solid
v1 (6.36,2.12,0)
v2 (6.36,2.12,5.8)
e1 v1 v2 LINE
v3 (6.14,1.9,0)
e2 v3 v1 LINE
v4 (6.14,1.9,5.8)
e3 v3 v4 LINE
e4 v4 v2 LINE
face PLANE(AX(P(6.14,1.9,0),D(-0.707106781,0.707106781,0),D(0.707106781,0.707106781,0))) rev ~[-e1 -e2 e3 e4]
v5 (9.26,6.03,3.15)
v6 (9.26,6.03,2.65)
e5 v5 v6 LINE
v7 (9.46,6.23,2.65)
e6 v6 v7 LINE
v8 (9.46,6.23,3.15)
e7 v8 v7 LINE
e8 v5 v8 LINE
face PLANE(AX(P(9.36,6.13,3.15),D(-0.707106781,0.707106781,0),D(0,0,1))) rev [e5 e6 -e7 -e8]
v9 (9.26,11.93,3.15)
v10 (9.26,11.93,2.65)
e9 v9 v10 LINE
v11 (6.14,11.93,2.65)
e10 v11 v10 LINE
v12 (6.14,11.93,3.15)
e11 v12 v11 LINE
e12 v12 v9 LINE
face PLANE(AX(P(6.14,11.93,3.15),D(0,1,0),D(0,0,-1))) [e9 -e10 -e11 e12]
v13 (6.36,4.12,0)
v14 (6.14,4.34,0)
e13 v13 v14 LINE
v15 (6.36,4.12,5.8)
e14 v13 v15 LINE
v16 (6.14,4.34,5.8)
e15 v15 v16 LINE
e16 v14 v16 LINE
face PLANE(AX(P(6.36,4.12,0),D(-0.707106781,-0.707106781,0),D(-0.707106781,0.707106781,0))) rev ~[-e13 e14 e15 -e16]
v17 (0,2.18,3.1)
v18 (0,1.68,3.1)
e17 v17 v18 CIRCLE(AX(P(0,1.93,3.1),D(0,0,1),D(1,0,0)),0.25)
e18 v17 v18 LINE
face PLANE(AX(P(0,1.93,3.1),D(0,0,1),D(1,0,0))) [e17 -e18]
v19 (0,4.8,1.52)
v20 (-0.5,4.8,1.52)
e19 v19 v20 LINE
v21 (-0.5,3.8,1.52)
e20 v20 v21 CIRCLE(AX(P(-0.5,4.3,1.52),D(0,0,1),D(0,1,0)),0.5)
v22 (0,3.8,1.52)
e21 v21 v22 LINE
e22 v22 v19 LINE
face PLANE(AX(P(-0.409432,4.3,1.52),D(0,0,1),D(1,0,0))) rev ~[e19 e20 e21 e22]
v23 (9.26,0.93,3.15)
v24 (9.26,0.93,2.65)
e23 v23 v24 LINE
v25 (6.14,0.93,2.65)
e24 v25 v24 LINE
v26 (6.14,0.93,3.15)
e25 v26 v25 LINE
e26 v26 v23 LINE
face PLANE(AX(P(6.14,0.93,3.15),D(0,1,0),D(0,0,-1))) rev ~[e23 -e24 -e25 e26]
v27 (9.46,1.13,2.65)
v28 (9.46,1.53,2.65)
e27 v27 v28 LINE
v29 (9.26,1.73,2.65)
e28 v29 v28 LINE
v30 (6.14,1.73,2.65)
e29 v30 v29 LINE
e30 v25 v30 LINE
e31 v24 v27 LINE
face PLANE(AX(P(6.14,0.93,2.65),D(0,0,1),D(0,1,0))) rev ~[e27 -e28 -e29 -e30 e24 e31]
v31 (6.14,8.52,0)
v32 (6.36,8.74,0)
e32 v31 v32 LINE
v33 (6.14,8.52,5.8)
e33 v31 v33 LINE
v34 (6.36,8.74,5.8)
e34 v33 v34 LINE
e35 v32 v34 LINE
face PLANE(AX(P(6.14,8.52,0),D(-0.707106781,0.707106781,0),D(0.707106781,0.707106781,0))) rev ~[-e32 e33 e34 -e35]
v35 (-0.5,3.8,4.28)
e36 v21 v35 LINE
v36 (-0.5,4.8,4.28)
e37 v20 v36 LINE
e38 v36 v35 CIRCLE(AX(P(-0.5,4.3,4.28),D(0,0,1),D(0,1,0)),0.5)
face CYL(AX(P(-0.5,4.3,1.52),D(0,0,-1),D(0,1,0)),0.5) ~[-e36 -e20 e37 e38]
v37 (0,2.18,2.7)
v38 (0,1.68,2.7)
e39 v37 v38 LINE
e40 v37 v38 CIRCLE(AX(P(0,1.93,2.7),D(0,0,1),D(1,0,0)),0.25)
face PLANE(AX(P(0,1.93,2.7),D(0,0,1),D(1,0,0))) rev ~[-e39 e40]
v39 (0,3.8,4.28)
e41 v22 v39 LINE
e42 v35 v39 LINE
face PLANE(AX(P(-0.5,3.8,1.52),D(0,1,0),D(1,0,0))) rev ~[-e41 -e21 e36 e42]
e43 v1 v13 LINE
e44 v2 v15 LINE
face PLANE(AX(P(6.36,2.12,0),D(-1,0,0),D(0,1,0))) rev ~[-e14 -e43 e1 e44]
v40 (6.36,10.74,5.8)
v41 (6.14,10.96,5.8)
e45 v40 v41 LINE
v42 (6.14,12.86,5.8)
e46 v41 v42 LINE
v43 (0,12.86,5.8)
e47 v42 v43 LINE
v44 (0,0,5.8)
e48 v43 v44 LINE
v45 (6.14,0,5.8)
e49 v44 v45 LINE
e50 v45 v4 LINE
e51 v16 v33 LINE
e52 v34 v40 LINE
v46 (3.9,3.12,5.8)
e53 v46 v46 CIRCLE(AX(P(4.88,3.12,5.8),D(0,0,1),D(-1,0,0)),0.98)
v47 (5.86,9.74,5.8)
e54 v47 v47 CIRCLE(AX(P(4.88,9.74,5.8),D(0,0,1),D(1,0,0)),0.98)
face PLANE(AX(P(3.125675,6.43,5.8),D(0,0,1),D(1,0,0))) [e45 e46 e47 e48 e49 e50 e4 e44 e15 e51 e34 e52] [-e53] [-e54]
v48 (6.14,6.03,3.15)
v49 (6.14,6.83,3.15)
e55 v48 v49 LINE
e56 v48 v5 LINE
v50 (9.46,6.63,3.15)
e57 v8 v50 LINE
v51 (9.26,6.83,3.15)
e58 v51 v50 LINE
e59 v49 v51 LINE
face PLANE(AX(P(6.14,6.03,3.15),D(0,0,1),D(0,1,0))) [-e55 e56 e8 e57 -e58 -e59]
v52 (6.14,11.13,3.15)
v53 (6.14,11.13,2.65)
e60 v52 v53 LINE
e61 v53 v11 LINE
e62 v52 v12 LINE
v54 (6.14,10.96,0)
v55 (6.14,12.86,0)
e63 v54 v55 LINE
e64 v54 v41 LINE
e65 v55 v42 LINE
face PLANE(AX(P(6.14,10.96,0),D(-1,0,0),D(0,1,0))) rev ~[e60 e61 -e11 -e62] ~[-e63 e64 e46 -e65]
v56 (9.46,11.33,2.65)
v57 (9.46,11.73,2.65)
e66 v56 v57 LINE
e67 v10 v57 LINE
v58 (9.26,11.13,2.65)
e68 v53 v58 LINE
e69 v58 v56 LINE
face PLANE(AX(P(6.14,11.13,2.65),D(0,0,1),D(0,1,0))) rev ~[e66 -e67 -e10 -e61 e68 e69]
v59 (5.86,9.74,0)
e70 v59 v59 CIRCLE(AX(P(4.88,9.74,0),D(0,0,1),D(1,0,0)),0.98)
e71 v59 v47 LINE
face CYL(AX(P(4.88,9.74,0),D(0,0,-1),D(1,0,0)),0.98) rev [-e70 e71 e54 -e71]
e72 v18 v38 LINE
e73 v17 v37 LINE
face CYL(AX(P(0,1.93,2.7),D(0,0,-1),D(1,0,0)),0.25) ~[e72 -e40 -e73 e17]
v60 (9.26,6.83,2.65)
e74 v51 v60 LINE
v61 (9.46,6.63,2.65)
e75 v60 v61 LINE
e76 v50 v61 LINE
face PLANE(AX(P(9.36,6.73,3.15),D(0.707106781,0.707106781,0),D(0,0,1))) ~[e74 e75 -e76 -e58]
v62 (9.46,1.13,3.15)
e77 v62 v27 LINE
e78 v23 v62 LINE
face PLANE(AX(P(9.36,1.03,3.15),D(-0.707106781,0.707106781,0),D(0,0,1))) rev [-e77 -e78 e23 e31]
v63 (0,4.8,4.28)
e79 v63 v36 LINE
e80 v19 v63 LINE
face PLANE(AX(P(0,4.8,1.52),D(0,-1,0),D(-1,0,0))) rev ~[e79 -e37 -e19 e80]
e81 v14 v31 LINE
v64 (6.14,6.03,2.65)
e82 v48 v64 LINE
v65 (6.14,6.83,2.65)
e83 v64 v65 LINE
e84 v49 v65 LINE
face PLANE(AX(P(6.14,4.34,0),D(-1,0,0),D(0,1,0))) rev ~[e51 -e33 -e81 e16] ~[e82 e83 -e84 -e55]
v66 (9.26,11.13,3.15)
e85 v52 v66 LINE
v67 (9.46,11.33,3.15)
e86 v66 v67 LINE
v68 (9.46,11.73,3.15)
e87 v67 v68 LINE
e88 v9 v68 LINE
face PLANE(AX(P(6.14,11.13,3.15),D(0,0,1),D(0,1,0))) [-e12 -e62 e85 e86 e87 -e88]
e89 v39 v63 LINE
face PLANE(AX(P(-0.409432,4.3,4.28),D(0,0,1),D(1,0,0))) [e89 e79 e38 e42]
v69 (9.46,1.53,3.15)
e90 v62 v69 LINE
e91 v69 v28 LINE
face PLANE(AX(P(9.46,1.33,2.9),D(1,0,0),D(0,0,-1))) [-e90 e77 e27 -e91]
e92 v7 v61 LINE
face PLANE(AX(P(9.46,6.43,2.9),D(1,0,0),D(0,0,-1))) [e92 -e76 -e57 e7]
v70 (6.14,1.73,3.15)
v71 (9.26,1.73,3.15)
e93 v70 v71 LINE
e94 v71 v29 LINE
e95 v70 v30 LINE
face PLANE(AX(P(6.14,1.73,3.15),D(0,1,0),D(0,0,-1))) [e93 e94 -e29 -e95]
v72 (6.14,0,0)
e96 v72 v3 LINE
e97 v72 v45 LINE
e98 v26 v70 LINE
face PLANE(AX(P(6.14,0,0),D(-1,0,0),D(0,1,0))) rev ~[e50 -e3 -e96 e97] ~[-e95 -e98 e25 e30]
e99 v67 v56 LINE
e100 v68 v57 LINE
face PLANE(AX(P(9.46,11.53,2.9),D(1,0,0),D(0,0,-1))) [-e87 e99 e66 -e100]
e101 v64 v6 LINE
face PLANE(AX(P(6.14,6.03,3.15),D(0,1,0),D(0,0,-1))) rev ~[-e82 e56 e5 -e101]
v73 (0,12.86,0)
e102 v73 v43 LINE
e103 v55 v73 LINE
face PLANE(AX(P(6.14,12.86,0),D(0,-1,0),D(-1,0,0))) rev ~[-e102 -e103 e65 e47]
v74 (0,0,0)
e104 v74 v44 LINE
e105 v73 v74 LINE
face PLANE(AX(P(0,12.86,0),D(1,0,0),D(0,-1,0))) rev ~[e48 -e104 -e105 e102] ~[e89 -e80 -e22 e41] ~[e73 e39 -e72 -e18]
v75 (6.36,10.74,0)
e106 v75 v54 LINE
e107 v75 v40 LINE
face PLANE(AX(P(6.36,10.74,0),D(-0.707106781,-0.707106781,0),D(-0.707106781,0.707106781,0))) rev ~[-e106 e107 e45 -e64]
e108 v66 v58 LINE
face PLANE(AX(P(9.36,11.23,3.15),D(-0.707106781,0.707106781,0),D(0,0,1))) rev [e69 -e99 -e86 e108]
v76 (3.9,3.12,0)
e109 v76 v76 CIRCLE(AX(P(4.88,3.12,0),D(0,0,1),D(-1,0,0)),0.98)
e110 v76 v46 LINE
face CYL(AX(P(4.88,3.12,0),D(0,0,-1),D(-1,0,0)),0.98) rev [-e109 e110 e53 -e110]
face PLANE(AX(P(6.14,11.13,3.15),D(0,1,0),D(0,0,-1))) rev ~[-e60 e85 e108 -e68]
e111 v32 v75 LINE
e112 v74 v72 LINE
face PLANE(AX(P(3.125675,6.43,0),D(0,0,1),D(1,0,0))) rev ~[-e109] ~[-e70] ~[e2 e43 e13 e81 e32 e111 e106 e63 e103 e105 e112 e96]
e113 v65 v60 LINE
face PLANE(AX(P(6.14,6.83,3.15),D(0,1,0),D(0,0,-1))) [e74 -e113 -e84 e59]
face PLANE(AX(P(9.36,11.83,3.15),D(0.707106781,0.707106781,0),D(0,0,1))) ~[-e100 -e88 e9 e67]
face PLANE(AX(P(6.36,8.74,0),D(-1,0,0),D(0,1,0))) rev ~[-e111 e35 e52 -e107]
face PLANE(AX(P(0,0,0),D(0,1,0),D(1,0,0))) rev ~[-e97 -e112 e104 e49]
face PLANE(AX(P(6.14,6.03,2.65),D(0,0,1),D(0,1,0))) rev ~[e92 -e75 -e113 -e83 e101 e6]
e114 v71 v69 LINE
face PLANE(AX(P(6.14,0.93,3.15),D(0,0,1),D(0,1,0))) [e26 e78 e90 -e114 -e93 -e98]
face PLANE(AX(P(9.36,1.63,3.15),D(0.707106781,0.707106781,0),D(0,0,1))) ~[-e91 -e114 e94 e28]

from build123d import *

# Parameters (mm, degrees)
SKETCH_1_R           = 0.98
EXTRUDE_1_DEPTH      = 5.8
SKETCH_2_W           = 0.5
SKETCH_2_H           = 0.8
EXTRUDE_2_DEPTH      = 3.32
CHAMFER_2_SIZE       = 0.2
EXTRUDE_3_DEPTH      = 1.38
EXTRUDE_3_DEPTH_BACK = 1.38
EXTRUDE_4_DEPTH      = 0.2
EXTRUDE_4_DEPTH_BACK = 0.2
SKETCH_4_R           = 0.25


with BuildPart() as part:
    # 草图1 → 凸台-拉伸1 (new body)
    with BuildSketch(Plane.XY):
        Polygon((0, 0), (6.14, 0), (6.14, 1.9), (6.36, 2.12), (6.36, 4.12), (6.14, 4.34), (6.14, 8.52), (6.36, 8.74), (6.36, 10.74), (6.14, 10.96), (6.14, 12.86), (0, 12.86), align=None)
        with Locations((4.88, 9.74)):
            Circle(SKETCH_1_R, mode=Mode.SUBTRACT)
        with Locations(Location((4.88, 3.12, 0), (0, 0, 180))):
            Circle(SKETCH_1_R, mode=Mode.SUBTRACT)
    extrude(amount=EXTRUDE_1_DEPTH)

    # 草图2 → 凸台-拉伸2 (add)
    with BuildSketch(Plane(origin=(6.14, 0, 0), x_dir=(0, 0, -1), z_dir=(1, 0, 0))):
        with Locations((-2.9, 11.53)):
            Rectangle(SKETCH_2_W, SKETCH_2_H)
        with Locations((-2.9, 1.33)):
            Rectangle(SKETCH_2_W, SKETCH_2_H)
        with Locations((-2.9, 6.43)):
            Rectangle(SKETCH_2_W, SKETCH_2_H)
    extrude(amount=EXTRUDE_2_DEPTH)

    # 倒角2
    chamfer_2_edges = [part.edges().sort_by_distance(p)[0] for p in [
        (9.46, 11.13, 2.9),
        (9.46, 11.93, 2.9),
        (9.46, 0.93, 2.9),
        (9.46, 1.73, 2.9),
        (9.46, 6.03, 2.9),
        (9.46, 6.83, 2.9),
    ]]
    chamfer(chamfer_2_edges, length=CHAMFER_2_SIZE)

    # 草图3 → 凸台-拉伸3 (add, two sides: drawn at the far end of the back side and taken through both)
    with BuildSketch(Plane.XY.offset(2.9).offset(-EXTRUDE_3_DEPTH_BACK)):
        with BuildLine():
            Line((0, 4.8), (-0.5, 4.8))
            ThreePointArc((-0.5, 4.8), (-1, 4.3), (-0.5, 3.8))
            Line((-0.5, 3.8), (0, 3.8))
            Line((0, 3.8), (0, 4.8))
        make_face()
    extrude(amount=EXTRUDE_3_DEPTH + EXTRUDE_3_DEPTH_BACK)

    # 草图4 → 凸台-拉伸4 (add, two sides: drawn at the far end of the back side and taken through both)
    with BuildSketch(Plane.XY.offset(2.9).offset(-EXTRUDE_4_DEPTH_BACK)):
        with Locations((0, 1.93)):
            Circle(SKETCH_4_R)
    extrude(amount=EXTRUDE_4_DEPTH + EXTRUDE_4_DEPTH_BACK)


solid = part.part
